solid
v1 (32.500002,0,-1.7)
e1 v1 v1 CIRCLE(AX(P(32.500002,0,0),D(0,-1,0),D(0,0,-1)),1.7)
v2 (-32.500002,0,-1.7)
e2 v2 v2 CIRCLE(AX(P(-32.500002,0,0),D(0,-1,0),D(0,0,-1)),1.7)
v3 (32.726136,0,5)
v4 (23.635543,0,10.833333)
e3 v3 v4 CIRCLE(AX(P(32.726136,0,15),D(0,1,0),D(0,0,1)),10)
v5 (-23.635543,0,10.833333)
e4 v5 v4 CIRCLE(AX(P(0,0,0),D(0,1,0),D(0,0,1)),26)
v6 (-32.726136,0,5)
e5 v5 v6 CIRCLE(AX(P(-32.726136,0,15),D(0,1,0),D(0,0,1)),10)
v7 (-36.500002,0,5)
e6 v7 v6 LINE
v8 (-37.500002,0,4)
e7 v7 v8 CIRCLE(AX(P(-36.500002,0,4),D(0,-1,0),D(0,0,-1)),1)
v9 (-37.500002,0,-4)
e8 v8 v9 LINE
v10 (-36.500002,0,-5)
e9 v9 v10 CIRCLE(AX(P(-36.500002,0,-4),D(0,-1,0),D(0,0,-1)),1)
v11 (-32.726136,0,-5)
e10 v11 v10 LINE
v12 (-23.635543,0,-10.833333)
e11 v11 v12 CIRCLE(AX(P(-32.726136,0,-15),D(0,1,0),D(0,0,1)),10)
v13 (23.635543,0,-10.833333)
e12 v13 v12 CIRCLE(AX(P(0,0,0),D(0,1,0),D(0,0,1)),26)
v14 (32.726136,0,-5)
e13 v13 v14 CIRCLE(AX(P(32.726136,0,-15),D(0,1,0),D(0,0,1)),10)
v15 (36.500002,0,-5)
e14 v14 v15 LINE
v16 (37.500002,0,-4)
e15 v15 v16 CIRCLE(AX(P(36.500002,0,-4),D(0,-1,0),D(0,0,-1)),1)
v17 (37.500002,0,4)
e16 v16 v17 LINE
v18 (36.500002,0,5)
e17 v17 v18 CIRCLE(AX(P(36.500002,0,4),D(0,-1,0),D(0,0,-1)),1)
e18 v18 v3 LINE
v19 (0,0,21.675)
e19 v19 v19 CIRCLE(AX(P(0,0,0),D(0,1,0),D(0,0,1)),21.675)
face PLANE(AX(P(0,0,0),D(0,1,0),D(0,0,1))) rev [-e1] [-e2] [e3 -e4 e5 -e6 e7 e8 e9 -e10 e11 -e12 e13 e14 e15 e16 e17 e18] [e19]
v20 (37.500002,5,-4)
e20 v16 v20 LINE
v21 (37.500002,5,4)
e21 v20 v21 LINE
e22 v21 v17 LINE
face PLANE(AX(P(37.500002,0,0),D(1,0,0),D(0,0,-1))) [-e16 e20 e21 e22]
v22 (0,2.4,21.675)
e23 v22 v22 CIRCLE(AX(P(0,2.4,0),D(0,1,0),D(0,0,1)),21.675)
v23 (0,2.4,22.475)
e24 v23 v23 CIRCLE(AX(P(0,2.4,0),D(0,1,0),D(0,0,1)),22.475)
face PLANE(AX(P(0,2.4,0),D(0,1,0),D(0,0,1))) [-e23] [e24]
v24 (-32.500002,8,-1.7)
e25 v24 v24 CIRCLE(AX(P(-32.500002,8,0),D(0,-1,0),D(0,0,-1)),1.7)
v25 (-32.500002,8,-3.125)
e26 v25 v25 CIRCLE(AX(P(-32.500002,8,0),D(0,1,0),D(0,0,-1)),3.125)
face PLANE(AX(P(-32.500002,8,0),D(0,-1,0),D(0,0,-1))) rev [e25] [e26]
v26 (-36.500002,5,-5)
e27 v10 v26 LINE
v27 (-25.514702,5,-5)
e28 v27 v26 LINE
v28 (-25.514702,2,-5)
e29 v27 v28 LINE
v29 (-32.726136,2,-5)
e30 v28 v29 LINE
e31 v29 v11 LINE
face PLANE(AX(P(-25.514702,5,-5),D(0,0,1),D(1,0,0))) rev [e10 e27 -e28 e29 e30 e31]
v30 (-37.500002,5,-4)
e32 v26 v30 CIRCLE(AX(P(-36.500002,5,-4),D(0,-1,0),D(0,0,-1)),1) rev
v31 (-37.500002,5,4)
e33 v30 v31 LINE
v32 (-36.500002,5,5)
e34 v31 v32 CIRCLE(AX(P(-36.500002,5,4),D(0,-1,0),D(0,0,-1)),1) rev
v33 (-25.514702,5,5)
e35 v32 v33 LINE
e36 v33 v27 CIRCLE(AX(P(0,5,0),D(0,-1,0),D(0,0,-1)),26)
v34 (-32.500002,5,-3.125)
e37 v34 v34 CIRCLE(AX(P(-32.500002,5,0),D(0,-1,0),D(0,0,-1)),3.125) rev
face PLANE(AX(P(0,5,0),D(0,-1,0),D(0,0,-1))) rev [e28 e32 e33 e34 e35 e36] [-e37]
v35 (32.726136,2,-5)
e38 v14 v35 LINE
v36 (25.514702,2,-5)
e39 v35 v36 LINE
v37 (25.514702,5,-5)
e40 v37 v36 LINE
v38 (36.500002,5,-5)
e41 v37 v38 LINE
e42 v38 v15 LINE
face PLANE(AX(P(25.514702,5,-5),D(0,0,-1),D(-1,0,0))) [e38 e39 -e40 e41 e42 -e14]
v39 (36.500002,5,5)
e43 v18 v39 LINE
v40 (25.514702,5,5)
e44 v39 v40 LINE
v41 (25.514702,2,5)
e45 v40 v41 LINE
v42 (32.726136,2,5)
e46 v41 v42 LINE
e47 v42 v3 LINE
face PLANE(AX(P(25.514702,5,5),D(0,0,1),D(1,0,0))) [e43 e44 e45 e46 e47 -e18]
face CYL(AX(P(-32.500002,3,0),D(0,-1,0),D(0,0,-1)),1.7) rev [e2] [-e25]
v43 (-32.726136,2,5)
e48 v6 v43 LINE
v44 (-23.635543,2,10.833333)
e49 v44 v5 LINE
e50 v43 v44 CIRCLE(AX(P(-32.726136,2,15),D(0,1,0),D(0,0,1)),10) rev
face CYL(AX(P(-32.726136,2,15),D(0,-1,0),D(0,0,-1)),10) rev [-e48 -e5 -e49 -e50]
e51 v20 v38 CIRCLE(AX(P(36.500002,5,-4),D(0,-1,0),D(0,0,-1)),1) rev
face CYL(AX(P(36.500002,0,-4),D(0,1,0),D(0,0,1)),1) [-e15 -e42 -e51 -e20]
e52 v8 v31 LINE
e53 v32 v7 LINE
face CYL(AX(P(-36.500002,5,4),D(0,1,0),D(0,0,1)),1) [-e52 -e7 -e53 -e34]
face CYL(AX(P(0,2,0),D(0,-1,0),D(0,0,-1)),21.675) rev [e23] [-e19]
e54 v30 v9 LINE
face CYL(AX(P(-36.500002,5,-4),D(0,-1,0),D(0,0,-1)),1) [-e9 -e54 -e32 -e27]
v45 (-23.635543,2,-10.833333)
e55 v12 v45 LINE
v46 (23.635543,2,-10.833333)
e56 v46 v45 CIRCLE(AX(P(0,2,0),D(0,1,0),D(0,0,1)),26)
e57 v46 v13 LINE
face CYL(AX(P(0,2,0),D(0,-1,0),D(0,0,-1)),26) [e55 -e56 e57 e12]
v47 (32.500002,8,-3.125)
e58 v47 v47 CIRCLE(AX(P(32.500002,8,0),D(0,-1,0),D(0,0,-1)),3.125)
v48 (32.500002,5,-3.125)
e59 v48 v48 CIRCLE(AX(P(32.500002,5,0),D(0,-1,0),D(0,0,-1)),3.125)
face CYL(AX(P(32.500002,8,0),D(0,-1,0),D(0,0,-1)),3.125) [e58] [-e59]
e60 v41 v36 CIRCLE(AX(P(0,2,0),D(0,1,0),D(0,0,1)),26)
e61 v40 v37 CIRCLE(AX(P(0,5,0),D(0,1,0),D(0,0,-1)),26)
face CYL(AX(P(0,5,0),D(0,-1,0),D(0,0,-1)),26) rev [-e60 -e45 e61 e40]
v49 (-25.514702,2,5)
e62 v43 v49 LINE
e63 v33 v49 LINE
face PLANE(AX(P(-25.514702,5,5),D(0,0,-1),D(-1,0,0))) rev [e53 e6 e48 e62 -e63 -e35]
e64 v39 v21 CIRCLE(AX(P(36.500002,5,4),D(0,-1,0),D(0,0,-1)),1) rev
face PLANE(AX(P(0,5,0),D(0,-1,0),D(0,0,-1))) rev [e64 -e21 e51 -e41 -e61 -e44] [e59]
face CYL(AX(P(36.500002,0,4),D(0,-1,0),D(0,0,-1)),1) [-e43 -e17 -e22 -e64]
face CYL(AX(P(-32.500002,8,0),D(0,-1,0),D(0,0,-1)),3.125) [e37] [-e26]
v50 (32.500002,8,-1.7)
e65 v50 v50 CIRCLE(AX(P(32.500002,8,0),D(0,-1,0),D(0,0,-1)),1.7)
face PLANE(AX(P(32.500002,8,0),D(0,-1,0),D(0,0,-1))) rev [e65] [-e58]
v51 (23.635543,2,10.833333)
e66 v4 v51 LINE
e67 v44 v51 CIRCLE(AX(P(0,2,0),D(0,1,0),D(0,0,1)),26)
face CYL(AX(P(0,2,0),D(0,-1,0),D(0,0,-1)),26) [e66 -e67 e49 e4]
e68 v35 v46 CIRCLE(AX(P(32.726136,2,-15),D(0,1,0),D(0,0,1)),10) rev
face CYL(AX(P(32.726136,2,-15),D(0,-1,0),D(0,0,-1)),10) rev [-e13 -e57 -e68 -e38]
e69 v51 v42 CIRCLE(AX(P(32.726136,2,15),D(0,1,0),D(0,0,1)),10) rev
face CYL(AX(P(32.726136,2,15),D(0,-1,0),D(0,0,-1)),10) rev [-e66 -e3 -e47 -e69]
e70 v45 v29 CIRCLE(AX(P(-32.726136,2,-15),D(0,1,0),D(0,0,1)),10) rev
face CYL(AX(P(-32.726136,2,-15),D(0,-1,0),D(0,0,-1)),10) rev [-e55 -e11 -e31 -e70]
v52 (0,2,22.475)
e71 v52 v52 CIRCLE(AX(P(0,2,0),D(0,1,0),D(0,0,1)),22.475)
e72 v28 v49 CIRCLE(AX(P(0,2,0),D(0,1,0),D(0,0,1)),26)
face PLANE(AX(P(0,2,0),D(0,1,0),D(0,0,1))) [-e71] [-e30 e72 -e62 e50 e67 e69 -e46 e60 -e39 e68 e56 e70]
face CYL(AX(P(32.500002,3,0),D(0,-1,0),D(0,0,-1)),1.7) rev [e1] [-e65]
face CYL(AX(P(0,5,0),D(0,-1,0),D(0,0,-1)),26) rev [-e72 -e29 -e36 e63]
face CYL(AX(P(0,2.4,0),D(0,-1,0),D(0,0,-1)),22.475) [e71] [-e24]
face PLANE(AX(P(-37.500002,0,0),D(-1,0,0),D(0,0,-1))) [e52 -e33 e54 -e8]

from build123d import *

# Parameters (mm, degrees)
SKETCH1_R            = 26
SKETCH1_R_2          = 21.675
BOSS_EXTRUDE1_DEPTH  = 2
SKETCH2_R            = 22.475
SKETCH2_R_2          = 21.675
BOSS_EXTRUDE2_DEPTH  = 0.4
BOSS_EXTRUDE3_DEPTH  = 5
SKETCH4_W            = 10
SKETCH4_H            = 2
BOSS_EXTRUDE4_DEPTH  = 9.9853
SKETCH5_R            = 3.125
BOSS_EXTRUDE7_DEPTH  = 5
M3_CLEARANCE_HOLE1_D = 3.4
FILLET1_R            = 1
SKETCH9_R            = 1.7
BOSS_EXTRUDE8_DEPTH  = 3
FILLET3_R            = 10


with BuildPart() as part:
    # Sketch1 → Boss-Extrude1 (new body)
    with BuildSketch(Plane(origin=(0, 0, 0), x_dir=(1, 0, 0), z_dir=(0, 1, 0))):
        with Locations(Location((0, 0, 0), (0, 0, 270))):
            Circle(SKETCH1_R)
        with Locations(Location((0, 0, 0), (0, 0, 270))):
            Circle(SKETCH1_R_2, mode=Mode.SUBTRACT)
    extrude(amount=BOSS_EXTRUDE1_DEPTH)

    # Sketch2 → Boss-Extrude2 (add)
    with BuildSketch(Plane(origin=(0, 2, 0), x_dir=(1, 0, 0), z_dir=(0, 1, 0))):
        with Locations(Location((0, 0, 0), (0, 0, 270))):
            Circle(SKETCH2_R)
        with Locations(Location((0, 0, 0), (0, 0, 270))):
            Circle(SKETCH2_R_2, mode=Mode.SUBTRACT)
    extrude(amount=BOSS_EXTRUDE2_DEPTH)

    # Sketch3 → Boss-Extrude3 (add)
    with BuildSketch(Plane.XZ):
        with BuildLine():
            Line((25.514701644, -5), (27.514701644, -5))
            Line((27.514701644, -5), (27.514701644, 5))
            Line((27.514701644, 5), (25.514701644, 5))
            ThreePointArc((25.514701644, 5), (26, 0), (25.514701644, -5))
        make_face()
    boss_extrude3 = extrude(amount=-BOSS_EXTRUDE3_DEPTH)

    # Sketch4 → Boss-Extrude4 (add)
    with BuildSketch(Plane(origin=(27.514701644, 0, 0), x_dir=(0, 0, -1), z_dir=(1, 0, 0))):
        with Locations((0, 4)):
            Rectangle(SKETCH4_W, SKETCH4_H)
    boss_extrude4 = extrude(amount=BOSS_EXTRUDE4_DEPTH)

    # Sketch5 → Boss-Extrude7 (add)
    with BuildSketch(Plane.XZ.offset(-3)):
        with Locations(Location((32.500001644, 0, 0), (0, 0, 270))):
            Circle(SKETCH5_R)
    boss_extrude7 = extrude(amount=-BOSS_EXTRUDE7_DEPTH)

    # M3 Clearance Hole1 (through all)
    with Locations(Plane.XZ.offset(-3)):
        with Locations((32.500001644, 0)):
            m3_clearance_hole1 = Hole(M3_CLEARANCE_HOLE1_D / 2)

    # Mirror1: Boss-Extrude3, Boss-Extrude4, Boss-Extrude7, M3 Clearance Hole1 across plane
    add(boss_extrude3.mirror(Plane(origin=(0, 0, 0), x_dir=(0, 0, 1), z_dir=(1, 0, 0))))
    add(boss_extrude4.mirror(Plane(origin=(0, 0, 0), x_dir=(0, 0, 1), z_dir=(1, 0, 0))))
    add(boss_extrude7.mirror(Plane(origin=(0, 0, 0), x_dir=(0, 0, 1), z_dir=(1, 0, 0))))
    add(m3_clearance_hole1.mirror(Plane(origin=(0, 0, 0), x_dir=(0, 0, 1), z_dir=(1, 0, 0))), mode=Mode.SUBTRACT)

    # Fillet1
    fillet1_edges = [part.edges().sort_by_distance(p)[0] for p in [
        (37.500001644, 4, -5),
        (37.500001644, 4, 5),
        (-37.500001644, 4, -5),
        (-37.500001644, 4, 5),
    ]]
    fillet(fillet1_edges, radius=FILLET1_R)

    # Sketch9 → Boss-Extrude8 (add, through all)
    with BuildSketch(Plane.XZ.offset(-3)):
        with BuildLine():
            Line((-37.500001644, 4), (-37.500001644, -4))
            ThreePointArc((-37.500001644, -4), (-37.207108426, -4.707106781), (-36.500001644, -5))
            Line((-36.500001644, -5), (-27.514701644, -5))
            Line((-27.514701644, -5), (-27.514701644, 5))
            Line((-27.514701644, 5), (-36.500001644, 5))
            ThreePointArc((-36.500001644, 5), (-37.207108426, 4.707106781), (-37.500001644, 4))
        make_face()
        with Locations(Location((-32.500001644, 0, 0), (0, 0, 270))):
            Circle(SKETCH9_R, mode=Mode.SUBTRACT)
        with BuildLine():
            Line((37.500001644, -4), (37.500001644, 4))
            ThreePointArc((37.500001644, 4), (37.207108426, 4.707106781), (36.500001644, 5))
            Line((36.500001644, 5), (27.514701644, 5))
            Line((27.514701644, 5), (27.514701644, -5))
            Line((27.514701644, -5), (36.500001644, -5))
            ThreePointArc((36.500001644, -5), (37.207108426, -4.707106781), (37.500001644, -4))
        make_face()
        with Locations(Location((32.500001644, 0, 0), (0, 0, 270))):
            Circle(SKETCH9_R, mode=Mode.SUBTRACT)
    extrude(amount=BOSS_EXTRUDE8_DEPTH)

    # Fillet3
    fillet3_edges = [part.edges().sort_by_distance(p)[0] for p in [
        (25.514701644, 1, -5),
        (25.514701644, 1, 5),
        (-25.514701644, 1, 5),
        (-25.514701644, 1, -5),
    ]]
    fillet(fillet3_edges, radius=FILLET3_R)


solid = part.part
